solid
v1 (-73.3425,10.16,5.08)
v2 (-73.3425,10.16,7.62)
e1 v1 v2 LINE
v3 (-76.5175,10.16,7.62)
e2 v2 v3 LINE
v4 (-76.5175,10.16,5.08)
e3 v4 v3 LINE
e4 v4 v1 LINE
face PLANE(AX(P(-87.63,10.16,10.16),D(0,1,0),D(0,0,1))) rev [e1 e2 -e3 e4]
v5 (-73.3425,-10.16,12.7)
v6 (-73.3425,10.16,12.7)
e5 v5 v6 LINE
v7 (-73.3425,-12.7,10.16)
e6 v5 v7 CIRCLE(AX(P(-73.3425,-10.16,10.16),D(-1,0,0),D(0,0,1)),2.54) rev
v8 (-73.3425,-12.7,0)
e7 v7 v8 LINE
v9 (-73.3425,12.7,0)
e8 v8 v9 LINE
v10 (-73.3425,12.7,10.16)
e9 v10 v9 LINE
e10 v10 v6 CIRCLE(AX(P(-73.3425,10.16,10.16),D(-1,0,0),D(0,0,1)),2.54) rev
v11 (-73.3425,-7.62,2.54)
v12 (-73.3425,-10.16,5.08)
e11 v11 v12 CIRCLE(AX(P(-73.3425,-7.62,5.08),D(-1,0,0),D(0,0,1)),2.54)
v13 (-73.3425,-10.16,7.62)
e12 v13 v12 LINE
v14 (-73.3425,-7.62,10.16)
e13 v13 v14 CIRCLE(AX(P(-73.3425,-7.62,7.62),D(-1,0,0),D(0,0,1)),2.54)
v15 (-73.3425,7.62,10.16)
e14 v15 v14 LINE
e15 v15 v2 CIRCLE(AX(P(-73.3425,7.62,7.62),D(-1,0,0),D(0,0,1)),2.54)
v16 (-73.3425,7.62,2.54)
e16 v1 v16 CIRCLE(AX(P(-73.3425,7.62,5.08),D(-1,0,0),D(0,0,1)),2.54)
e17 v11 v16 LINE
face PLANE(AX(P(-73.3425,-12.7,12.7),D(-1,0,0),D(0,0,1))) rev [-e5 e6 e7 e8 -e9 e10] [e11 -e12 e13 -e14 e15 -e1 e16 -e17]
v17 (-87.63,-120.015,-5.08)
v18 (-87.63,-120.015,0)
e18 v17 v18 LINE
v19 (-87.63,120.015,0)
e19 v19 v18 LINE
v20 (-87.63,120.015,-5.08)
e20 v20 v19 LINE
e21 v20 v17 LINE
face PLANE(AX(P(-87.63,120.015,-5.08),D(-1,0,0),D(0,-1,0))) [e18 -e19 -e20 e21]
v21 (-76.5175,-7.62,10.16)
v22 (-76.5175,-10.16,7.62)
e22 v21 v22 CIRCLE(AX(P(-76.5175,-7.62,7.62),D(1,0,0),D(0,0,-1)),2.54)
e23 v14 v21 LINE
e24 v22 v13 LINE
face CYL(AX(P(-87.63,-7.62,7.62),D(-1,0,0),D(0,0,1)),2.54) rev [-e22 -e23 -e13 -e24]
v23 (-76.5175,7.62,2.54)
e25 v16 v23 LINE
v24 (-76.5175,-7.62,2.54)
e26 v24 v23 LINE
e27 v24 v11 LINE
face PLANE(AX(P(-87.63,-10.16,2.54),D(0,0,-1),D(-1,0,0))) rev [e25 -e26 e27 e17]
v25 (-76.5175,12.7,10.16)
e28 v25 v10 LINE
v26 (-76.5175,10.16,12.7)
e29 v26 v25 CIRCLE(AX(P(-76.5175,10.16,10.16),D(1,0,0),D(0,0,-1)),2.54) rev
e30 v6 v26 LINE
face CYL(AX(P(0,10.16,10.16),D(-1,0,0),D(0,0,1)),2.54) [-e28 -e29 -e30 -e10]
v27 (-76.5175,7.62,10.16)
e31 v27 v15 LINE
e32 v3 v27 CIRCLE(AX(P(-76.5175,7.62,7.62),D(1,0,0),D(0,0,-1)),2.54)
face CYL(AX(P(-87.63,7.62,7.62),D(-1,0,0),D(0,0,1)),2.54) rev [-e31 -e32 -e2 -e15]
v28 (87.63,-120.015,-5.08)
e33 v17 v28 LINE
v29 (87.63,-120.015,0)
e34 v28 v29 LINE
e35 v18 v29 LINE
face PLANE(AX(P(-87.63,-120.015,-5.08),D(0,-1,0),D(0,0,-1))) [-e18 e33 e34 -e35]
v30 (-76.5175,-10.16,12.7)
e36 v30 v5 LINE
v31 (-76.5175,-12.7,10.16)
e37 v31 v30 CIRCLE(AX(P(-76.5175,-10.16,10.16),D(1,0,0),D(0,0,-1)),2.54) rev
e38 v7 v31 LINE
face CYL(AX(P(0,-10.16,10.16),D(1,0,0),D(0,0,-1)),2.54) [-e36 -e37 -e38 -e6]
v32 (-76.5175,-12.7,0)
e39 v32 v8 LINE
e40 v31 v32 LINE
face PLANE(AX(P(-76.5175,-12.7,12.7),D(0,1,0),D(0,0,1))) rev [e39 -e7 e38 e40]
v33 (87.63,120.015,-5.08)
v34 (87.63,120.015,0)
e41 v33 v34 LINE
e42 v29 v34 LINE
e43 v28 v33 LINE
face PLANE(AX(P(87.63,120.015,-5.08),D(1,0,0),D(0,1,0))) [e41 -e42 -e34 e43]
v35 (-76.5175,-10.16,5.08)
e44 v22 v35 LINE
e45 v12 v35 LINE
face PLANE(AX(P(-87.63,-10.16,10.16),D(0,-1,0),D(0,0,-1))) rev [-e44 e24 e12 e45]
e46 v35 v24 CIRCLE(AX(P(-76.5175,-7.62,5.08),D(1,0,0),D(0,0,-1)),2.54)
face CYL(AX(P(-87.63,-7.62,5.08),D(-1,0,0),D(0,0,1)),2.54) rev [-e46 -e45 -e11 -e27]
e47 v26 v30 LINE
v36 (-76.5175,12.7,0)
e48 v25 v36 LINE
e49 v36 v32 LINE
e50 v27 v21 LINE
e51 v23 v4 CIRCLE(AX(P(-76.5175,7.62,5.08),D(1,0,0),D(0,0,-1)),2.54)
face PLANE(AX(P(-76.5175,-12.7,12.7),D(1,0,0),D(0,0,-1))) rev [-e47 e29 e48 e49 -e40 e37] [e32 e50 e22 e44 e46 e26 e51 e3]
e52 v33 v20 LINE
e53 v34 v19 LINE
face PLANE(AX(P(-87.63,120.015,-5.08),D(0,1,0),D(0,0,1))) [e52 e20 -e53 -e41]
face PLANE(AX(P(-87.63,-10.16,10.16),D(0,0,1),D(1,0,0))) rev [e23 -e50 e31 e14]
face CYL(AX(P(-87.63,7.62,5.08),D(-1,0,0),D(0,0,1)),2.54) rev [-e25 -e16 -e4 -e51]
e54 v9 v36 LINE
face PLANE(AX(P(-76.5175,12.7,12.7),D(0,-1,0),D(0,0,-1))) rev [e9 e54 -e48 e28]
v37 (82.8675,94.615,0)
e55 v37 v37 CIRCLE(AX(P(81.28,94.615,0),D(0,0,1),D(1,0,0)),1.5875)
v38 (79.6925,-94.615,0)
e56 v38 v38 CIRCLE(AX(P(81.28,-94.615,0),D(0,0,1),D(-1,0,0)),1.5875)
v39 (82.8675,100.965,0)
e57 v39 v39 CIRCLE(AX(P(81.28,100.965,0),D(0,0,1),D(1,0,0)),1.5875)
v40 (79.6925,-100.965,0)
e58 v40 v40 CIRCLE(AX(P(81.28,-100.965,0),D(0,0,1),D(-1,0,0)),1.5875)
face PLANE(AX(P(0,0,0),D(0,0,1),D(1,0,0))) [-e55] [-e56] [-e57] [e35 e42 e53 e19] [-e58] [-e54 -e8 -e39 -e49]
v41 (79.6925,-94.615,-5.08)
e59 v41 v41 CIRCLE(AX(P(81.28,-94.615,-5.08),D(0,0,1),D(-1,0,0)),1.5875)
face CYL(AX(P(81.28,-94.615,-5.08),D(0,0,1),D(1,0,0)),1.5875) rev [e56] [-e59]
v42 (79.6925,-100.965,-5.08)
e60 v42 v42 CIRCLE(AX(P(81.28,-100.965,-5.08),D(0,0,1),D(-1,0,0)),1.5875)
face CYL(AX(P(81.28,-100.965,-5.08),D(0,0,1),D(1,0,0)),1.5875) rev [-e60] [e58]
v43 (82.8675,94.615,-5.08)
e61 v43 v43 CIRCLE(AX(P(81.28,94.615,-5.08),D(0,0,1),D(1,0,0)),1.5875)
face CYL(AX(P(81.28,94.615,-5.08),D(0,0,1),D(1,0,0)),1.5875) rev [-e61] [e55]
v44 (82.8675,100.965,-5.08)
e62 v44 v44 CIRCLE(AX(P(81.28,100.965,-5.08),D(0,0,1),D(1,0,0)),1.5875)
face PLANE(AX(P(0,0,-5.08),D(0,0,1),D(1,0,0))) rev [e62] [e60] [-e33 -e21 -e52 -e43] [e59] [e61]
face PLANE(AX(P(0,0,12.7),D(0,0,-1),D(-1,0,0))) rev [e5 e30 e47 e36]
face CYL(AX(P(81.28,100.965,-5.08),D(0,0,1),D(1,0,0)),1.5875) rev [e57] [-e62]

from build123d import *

# Parameters (mm, degrees)
SKETCH1_W           = 175.26
SKETCH1_H           = 240.03
BOSS_EXTRUDE1_DEPTH = 5.08
SKETCH2_R           = 1.5875
CUT_EXTRUDE1_DEPTH  = 149.689016155
SKETCH3_W           = 3.175
SKETCH3_H           = 25.4
BOSS_EXTRUDE2_DEPTH = 12.7
SKETCH4_W           = 7.62
SKETCH4_H           = 20.32
CUT_EXTRUDE2_DEPTH  = 202.189055322
FILLET1_R           = 2.54


with BuildPart() as part:
    # Sketch1 → Boss-Extrude1 (new body)
    with BuildSketch(Plane.XY):
        Rectangle(SKETCH1_W, SKETCH1_H)
    extrude(amount=-BOSS_EXTRUDE1_DEPTH)

    # Sketch2 → Cut-Extrude1 (cut, through all)
    with BuildSketch(Plane.XY):
        with Locations((81.28, 100.965)):
            Circle(SKETCH2_R)
        with Locations((81.28, 94.615)):
            Circle(SKETCH2_R)
        with Locations(Location((81.28, -94.615, 0), (0, 0, 180))):
            Circle(SKETCH2_R)
        with Locations(Location((81.28, -100.965, 0), (0, 0, 180))):
            Circle(SKETCH2_R)
    extrude(amount=-CUT_EXTRUDE1_DEPTH, mode=Mode.SUBTRACT)

    # Sketch3 → Boss-Extrude2 (add)
    with BuildSketch(Plane.XY):
        with Locations((-74.93, 0)):
            Rectangle(SKETCH3_W, SKETCH3_H)
    extrude(amount=BOSS_EXTRUDE2_DEPTH)

    # Sketch4 → Cut-Extrude2 (cut, through all)
    with BuildSketch(Plane(origin=(-73.3425, 0, 0), x_dir=(0, 0, -1), z_dir=(1, 0, 0))):
        with Locations((-6.35, 0)):
            Rectangle(SKETCH4_W, SKETCH4_H)
    extrude(amount=-CUT_EXTRUDE2_DEPTH, mode=Mode.SUBTRACT)

    # Fillet1
    fillet1_edges = [part.edges().sort_by_distance(p)[0] for p in [
        (-74.93, 12.7, 12.7),
        (-74.93, -12.7, 12.7),
        (-74.93, 10.16, 2.54),
        (-74.93, -10.16, 2.54),
        (-74.93, -10.16, 10.16),
        (-74.93, 10.16, 10.16),
    ]]
    fillet(fillet1_edges, radius=FILLET1_R)


solid = part.part
